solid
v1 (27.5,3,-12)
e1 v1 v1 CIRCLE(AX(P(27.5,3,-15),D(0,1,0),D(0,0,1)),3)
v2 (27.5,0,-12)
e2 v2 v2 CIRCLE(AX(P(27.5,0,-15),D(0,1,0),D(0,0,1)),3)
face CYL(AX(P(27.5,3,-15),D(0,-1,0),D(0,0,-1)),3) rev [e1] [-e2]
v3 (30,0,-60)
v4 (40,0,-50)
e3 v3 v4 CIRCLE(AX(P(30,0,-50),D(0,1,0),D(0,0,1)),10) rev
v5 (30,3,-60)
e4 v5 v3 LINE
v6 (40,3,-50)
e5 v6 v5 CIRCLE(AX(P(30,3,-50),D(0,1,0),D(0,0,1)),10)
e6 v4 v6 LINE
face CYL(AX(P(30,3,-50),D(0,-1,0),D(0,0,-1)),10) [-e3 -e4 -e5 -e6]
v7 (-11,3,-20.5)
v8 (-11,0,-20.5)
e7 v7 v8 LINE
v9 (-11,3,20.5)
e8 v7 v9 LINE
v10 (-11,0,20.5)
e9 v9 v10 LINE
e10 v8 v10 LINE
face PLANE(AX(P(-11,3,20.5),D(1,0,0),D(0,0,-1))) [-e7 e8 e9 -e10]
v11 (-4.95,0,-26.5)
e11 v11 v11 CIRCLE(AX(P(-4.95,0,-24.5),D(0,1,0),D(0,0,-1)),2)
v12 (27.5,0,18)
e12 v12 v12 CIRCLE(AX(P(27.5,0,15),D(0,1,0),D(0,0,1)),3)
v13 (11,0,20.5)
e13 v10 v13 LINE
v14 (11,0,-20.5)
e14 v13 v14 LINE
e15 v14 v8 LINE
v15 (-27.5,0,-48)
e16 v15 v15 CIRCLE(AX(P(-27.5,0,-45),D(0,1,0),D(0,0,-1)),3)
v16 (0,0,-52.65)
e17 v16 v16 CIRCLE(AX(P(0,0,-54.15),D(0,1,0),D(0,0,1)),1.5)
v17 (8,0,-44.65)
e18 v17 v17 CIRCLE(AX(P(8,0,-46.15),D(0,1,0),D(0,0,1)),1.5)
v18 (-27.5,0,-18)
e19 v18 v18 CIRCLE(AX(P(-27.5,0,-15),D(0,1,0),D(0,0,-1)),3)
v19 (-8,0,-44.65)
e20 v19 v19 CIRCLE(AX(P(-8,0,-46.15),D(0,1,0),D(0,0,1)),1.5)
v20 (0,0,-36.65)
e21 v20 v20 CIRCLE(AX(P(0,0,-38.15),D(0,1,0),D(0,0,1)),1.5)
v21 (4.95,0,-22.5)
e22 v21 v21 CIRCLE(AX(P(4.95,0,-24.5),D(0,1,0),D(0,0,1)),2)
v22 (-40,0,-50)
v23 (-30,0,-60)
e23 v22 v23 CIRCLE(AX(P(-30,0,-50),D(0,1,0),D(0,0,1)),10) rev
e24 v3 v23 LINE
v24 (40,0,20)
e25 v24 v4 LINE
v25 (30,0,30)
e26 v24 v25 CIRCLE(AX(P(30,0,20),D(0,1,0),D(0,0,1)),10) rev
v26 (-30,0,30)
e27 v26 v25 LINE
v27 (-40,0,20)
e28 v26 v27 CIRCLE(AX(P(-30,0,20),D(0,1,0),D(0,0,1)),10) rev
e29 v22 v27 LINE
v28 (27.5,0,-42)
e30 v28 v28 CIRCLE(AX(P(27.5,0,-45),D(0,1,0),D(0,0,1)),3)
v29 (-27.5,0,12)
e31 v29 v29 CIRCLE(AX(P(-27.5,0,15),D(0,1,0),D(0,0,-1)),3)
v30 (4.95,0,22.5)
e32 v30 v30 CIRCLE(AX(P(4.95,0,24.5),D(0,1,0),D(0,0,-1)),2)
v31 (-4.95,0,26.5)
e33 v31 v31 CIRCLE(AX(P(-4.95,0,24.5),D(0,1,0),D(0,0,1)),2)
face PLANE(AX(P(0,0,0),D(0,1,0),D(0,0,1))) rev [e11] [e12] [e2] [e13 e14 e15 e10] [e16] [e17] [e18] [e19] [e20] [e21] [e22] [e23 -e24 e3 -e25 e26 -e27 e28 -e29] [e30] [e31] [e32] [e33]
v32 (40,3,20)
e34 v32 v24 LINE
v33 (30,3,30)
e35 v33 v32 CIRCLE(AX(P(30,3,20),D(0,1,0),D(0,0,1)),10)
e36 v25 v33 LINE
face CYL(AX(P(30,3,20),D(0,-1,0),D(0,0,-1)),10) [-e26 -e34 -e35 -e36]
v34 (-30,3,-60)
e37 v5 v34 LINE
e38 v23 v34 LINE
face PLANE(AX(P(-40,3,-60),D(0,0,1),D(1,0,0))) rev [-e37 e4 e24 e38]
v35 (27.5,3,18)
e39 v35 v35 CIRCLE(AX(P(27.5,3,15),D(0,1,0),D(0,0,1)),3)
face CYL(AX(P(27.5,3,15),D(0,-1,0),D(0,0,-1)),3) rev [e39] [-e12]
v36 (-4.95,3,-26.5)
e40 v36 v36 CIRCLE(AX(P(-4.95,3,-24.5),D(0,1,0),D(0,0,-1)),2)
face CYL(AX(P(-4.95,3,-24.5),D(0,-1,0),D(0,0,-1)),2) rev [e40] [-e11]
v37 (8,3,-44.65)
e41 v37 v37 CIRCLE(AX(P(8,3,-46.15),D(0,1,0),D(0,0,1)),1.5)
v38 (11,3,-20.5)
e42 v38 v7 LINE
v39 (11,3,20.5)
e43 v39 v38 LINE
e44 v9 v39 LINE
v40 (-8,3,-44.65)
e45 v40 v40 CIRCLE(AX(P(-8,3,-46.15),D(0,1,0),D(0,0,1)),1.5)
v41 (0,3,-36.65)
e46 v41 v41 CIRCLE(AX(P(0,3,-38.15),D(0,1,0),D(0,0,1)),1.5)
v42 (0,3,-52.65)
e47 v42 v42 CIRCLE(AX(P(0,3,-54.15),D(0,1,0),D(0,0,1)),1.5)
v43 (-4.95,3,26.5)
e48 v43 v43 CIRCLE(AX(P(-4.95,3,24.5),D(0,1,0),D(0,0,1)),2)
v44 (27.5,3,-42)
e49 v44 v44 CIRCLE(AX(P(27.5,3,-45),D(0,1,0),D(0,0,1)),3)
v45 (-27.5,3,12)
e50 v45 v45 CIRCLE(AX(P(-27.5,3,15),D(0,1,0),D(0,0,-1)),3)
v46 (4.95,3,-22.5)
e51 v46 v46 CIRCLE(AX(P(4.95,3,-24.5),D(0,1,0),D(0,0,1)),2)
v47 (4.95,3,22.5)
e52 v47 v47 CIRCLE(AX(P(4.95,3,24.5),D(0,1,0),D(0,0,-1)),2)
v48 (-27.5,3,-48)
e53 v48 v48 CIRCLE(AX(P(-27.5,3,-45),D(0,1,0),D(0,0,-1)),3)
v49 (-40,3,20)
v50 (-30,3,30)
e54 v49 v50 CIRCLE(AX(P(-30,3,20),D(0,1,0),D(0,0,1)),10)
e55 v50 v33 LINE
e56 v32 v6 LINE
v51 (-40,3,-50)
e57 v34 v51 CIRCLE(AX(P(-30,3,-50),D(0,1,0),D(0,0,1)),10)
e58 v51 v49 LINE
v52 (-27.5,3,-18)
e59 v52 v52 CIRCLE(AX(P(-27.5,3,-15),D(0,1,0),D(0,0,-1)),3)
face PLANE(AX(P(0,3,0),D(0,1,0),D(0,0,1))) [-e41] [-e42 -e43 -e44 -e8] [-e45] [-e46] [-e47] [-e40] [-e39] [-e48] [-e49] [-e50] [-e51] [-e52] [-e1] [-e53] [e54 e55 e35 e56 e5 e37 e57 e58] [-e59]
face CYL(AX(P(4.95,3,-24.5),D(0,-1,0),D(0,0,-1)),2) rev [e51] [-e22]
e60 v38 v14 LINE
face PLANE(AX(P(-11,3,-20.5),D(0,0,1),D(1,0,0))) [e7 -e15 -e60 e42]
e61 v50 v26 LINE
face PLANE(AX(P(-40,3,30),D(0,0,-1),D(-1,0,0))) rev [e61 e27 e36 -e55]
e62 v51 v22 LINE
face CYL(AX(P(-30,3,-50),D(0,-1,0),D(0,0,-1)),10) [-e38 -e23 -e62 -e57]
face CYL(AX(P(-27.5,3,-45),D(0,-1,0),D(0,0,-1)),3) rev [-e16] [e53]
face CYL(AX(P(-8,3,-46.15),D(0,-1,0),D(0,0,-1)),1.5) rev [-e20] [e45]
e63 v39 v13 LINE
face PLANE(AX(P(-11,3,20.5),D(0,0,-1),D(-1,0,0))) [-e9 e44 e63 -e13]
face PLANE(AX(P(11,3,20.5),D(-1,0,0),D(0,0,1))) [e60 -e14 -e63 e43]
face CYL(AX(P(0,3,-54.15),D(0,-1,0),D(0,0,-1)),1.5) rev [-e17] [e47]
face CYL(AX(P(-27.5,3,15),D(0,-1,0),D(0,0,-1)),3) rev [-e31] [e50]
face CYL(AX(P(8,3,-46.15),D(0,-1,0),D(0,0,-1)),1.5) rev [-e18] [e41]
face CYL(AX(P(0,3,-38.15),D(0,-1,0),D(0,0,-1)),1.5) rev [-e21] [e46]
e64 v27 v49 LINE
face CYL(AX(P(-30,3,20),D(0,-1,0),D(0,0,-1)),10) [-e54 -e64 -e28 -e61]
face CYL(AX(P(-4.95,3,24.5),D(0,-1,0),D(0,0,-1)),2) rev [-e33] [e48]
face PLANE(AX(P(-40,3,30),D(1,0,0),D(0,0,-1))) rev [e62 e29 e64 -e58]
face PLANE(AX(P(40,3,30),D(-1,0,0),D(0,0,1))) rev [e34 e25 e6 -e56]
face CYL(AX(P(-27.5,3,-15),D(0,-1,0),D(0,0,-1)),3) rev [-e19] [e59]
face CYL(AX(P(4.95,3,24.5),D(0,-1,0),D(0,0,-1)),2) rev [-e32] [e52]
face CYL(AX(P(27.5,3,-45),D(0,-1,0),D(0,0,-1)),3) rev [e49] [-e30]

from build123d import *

# Parameters (mm, degrees)
SKETCH_1_W          = 80
SKETCH_1_H          = 90
SKETCH_1_R          = 3
SKETCH_1_R_2        = 2
SKETCH_1_W_2        = 22
SKETCH_1_H_2        = 41
EXTRUDE_1_DEPTH     = 3
FILLET_1_R          = 10
SKETCH_2_R          = 1.5
CUT_EXTRUDE_1_DEPTH = 73.173402303


with BuildPart() as part:
    # 草图1 → 凸台-拉伸1 (new body)
    with BuildSketch(Plane(origin=(0, 0, 0), x_dir=(1, 0, 0), z_dir=(0, 1, 0))):
        with Locations((0, 15)):
            Rectangle(SKETCH_1_W, SKETCH_1_H)
        with Locations(Location((27.5, 15, 0), (0, 0, 270))):
            Circle(SKETCH_1_R, mode=Mode.SUBTRACT)
        with Locations(Location((27.5, -15, 0), (0, 0, 270))):
            Circle(SKETCH_1_R, mode=Mode.SUBTRACT)
        with Locations(Location((-27.5, -15, 0), (0, 0, 90))):
            Circle(SKETCH_1_R, mode=Mode.SUBTRACT)
        with Locations(Location((-27.5, 15, 0), (0, 0, 90))):
            Circle(SKETCH_1_R, mode=Mode.SUBTRACT)
        with Locations(Location((4.95, 24.5, 0), (0, 0, 270))):
            Circle(SKETCH_1_R_2, mode=Mode.SUBTRACT)
        with Locations(Location((-4.95, 24.5, 0), (0, 0, 90))):
            Circle(SKETCH_1_R_2, mode=Mode.SUBTRACT)
        with Locations(Location((4.95, -24.5, 0), (0, 0, 90))):
            Circle(SKETCH_1_R_2, mode=Mode.SUBTRACT)
        with Locations(Location((-4.95, -24.5, 0), (0, 0, 270))):
            Circle(SKETCH_1_R_2, mode=Mode.SUBTRACT)
        with Locations(Location((-27.5, 45, 0), (0, 0, 90))):
            Circle(SKETCH_1_R, mode=Mode.SUBTRACT)
        with Locations(Location((27.5, 45, 0), (0, 0, 270))):
            Circle(SKETCH_1_R, mode=Mode.SUBTRACT)
        Rectangle(SKETCH_1_W_2, SKETCH_1_H_2, mode=Mode.SUBTRACT)
    extrude(amount=EXTRUDE_1_DEPTH)

    # 圆角1
    fillet_1_edges = [part.edges().sort_by_distance(p)[0] for p in [
        (40, 1.5, -60),
        (40, 1.5, 30),
        (-40, 1.5, 30),
        (-40, 1.5, -60),
    ]]
    fillet(fillet_1_edges, radius=FILLET_1_R)

    # 草图2 → 切除-拉伸1 (cut, through all)
    with BuildSketch(Plane(origin=(0, 0, 0), x_dir=(1, 0, 0), z_dir=(0, 1, 0))):
        with Locations(Location((0, 54.15, 0), (0, 0, 270))):
            Circle(SKETCH_2_R)
        with Locations(Location((8, 46.15, 0), (0, 0, 270))):
            Circle(SKETCH_2_R)
        with Locations(Location((0, 38.15, 0), (0, 0, 270))):
            Circle(SKETCH_2_R)
        with Locations(Location((-8, 46.15, 0), (0, 0, 270))):
            Circle(SKETCH_2_R)
    extrude(amount=CUT_EXTRUDE_1_DEPTH, mode=Mode.SUBTRACT)


solid = part.part
